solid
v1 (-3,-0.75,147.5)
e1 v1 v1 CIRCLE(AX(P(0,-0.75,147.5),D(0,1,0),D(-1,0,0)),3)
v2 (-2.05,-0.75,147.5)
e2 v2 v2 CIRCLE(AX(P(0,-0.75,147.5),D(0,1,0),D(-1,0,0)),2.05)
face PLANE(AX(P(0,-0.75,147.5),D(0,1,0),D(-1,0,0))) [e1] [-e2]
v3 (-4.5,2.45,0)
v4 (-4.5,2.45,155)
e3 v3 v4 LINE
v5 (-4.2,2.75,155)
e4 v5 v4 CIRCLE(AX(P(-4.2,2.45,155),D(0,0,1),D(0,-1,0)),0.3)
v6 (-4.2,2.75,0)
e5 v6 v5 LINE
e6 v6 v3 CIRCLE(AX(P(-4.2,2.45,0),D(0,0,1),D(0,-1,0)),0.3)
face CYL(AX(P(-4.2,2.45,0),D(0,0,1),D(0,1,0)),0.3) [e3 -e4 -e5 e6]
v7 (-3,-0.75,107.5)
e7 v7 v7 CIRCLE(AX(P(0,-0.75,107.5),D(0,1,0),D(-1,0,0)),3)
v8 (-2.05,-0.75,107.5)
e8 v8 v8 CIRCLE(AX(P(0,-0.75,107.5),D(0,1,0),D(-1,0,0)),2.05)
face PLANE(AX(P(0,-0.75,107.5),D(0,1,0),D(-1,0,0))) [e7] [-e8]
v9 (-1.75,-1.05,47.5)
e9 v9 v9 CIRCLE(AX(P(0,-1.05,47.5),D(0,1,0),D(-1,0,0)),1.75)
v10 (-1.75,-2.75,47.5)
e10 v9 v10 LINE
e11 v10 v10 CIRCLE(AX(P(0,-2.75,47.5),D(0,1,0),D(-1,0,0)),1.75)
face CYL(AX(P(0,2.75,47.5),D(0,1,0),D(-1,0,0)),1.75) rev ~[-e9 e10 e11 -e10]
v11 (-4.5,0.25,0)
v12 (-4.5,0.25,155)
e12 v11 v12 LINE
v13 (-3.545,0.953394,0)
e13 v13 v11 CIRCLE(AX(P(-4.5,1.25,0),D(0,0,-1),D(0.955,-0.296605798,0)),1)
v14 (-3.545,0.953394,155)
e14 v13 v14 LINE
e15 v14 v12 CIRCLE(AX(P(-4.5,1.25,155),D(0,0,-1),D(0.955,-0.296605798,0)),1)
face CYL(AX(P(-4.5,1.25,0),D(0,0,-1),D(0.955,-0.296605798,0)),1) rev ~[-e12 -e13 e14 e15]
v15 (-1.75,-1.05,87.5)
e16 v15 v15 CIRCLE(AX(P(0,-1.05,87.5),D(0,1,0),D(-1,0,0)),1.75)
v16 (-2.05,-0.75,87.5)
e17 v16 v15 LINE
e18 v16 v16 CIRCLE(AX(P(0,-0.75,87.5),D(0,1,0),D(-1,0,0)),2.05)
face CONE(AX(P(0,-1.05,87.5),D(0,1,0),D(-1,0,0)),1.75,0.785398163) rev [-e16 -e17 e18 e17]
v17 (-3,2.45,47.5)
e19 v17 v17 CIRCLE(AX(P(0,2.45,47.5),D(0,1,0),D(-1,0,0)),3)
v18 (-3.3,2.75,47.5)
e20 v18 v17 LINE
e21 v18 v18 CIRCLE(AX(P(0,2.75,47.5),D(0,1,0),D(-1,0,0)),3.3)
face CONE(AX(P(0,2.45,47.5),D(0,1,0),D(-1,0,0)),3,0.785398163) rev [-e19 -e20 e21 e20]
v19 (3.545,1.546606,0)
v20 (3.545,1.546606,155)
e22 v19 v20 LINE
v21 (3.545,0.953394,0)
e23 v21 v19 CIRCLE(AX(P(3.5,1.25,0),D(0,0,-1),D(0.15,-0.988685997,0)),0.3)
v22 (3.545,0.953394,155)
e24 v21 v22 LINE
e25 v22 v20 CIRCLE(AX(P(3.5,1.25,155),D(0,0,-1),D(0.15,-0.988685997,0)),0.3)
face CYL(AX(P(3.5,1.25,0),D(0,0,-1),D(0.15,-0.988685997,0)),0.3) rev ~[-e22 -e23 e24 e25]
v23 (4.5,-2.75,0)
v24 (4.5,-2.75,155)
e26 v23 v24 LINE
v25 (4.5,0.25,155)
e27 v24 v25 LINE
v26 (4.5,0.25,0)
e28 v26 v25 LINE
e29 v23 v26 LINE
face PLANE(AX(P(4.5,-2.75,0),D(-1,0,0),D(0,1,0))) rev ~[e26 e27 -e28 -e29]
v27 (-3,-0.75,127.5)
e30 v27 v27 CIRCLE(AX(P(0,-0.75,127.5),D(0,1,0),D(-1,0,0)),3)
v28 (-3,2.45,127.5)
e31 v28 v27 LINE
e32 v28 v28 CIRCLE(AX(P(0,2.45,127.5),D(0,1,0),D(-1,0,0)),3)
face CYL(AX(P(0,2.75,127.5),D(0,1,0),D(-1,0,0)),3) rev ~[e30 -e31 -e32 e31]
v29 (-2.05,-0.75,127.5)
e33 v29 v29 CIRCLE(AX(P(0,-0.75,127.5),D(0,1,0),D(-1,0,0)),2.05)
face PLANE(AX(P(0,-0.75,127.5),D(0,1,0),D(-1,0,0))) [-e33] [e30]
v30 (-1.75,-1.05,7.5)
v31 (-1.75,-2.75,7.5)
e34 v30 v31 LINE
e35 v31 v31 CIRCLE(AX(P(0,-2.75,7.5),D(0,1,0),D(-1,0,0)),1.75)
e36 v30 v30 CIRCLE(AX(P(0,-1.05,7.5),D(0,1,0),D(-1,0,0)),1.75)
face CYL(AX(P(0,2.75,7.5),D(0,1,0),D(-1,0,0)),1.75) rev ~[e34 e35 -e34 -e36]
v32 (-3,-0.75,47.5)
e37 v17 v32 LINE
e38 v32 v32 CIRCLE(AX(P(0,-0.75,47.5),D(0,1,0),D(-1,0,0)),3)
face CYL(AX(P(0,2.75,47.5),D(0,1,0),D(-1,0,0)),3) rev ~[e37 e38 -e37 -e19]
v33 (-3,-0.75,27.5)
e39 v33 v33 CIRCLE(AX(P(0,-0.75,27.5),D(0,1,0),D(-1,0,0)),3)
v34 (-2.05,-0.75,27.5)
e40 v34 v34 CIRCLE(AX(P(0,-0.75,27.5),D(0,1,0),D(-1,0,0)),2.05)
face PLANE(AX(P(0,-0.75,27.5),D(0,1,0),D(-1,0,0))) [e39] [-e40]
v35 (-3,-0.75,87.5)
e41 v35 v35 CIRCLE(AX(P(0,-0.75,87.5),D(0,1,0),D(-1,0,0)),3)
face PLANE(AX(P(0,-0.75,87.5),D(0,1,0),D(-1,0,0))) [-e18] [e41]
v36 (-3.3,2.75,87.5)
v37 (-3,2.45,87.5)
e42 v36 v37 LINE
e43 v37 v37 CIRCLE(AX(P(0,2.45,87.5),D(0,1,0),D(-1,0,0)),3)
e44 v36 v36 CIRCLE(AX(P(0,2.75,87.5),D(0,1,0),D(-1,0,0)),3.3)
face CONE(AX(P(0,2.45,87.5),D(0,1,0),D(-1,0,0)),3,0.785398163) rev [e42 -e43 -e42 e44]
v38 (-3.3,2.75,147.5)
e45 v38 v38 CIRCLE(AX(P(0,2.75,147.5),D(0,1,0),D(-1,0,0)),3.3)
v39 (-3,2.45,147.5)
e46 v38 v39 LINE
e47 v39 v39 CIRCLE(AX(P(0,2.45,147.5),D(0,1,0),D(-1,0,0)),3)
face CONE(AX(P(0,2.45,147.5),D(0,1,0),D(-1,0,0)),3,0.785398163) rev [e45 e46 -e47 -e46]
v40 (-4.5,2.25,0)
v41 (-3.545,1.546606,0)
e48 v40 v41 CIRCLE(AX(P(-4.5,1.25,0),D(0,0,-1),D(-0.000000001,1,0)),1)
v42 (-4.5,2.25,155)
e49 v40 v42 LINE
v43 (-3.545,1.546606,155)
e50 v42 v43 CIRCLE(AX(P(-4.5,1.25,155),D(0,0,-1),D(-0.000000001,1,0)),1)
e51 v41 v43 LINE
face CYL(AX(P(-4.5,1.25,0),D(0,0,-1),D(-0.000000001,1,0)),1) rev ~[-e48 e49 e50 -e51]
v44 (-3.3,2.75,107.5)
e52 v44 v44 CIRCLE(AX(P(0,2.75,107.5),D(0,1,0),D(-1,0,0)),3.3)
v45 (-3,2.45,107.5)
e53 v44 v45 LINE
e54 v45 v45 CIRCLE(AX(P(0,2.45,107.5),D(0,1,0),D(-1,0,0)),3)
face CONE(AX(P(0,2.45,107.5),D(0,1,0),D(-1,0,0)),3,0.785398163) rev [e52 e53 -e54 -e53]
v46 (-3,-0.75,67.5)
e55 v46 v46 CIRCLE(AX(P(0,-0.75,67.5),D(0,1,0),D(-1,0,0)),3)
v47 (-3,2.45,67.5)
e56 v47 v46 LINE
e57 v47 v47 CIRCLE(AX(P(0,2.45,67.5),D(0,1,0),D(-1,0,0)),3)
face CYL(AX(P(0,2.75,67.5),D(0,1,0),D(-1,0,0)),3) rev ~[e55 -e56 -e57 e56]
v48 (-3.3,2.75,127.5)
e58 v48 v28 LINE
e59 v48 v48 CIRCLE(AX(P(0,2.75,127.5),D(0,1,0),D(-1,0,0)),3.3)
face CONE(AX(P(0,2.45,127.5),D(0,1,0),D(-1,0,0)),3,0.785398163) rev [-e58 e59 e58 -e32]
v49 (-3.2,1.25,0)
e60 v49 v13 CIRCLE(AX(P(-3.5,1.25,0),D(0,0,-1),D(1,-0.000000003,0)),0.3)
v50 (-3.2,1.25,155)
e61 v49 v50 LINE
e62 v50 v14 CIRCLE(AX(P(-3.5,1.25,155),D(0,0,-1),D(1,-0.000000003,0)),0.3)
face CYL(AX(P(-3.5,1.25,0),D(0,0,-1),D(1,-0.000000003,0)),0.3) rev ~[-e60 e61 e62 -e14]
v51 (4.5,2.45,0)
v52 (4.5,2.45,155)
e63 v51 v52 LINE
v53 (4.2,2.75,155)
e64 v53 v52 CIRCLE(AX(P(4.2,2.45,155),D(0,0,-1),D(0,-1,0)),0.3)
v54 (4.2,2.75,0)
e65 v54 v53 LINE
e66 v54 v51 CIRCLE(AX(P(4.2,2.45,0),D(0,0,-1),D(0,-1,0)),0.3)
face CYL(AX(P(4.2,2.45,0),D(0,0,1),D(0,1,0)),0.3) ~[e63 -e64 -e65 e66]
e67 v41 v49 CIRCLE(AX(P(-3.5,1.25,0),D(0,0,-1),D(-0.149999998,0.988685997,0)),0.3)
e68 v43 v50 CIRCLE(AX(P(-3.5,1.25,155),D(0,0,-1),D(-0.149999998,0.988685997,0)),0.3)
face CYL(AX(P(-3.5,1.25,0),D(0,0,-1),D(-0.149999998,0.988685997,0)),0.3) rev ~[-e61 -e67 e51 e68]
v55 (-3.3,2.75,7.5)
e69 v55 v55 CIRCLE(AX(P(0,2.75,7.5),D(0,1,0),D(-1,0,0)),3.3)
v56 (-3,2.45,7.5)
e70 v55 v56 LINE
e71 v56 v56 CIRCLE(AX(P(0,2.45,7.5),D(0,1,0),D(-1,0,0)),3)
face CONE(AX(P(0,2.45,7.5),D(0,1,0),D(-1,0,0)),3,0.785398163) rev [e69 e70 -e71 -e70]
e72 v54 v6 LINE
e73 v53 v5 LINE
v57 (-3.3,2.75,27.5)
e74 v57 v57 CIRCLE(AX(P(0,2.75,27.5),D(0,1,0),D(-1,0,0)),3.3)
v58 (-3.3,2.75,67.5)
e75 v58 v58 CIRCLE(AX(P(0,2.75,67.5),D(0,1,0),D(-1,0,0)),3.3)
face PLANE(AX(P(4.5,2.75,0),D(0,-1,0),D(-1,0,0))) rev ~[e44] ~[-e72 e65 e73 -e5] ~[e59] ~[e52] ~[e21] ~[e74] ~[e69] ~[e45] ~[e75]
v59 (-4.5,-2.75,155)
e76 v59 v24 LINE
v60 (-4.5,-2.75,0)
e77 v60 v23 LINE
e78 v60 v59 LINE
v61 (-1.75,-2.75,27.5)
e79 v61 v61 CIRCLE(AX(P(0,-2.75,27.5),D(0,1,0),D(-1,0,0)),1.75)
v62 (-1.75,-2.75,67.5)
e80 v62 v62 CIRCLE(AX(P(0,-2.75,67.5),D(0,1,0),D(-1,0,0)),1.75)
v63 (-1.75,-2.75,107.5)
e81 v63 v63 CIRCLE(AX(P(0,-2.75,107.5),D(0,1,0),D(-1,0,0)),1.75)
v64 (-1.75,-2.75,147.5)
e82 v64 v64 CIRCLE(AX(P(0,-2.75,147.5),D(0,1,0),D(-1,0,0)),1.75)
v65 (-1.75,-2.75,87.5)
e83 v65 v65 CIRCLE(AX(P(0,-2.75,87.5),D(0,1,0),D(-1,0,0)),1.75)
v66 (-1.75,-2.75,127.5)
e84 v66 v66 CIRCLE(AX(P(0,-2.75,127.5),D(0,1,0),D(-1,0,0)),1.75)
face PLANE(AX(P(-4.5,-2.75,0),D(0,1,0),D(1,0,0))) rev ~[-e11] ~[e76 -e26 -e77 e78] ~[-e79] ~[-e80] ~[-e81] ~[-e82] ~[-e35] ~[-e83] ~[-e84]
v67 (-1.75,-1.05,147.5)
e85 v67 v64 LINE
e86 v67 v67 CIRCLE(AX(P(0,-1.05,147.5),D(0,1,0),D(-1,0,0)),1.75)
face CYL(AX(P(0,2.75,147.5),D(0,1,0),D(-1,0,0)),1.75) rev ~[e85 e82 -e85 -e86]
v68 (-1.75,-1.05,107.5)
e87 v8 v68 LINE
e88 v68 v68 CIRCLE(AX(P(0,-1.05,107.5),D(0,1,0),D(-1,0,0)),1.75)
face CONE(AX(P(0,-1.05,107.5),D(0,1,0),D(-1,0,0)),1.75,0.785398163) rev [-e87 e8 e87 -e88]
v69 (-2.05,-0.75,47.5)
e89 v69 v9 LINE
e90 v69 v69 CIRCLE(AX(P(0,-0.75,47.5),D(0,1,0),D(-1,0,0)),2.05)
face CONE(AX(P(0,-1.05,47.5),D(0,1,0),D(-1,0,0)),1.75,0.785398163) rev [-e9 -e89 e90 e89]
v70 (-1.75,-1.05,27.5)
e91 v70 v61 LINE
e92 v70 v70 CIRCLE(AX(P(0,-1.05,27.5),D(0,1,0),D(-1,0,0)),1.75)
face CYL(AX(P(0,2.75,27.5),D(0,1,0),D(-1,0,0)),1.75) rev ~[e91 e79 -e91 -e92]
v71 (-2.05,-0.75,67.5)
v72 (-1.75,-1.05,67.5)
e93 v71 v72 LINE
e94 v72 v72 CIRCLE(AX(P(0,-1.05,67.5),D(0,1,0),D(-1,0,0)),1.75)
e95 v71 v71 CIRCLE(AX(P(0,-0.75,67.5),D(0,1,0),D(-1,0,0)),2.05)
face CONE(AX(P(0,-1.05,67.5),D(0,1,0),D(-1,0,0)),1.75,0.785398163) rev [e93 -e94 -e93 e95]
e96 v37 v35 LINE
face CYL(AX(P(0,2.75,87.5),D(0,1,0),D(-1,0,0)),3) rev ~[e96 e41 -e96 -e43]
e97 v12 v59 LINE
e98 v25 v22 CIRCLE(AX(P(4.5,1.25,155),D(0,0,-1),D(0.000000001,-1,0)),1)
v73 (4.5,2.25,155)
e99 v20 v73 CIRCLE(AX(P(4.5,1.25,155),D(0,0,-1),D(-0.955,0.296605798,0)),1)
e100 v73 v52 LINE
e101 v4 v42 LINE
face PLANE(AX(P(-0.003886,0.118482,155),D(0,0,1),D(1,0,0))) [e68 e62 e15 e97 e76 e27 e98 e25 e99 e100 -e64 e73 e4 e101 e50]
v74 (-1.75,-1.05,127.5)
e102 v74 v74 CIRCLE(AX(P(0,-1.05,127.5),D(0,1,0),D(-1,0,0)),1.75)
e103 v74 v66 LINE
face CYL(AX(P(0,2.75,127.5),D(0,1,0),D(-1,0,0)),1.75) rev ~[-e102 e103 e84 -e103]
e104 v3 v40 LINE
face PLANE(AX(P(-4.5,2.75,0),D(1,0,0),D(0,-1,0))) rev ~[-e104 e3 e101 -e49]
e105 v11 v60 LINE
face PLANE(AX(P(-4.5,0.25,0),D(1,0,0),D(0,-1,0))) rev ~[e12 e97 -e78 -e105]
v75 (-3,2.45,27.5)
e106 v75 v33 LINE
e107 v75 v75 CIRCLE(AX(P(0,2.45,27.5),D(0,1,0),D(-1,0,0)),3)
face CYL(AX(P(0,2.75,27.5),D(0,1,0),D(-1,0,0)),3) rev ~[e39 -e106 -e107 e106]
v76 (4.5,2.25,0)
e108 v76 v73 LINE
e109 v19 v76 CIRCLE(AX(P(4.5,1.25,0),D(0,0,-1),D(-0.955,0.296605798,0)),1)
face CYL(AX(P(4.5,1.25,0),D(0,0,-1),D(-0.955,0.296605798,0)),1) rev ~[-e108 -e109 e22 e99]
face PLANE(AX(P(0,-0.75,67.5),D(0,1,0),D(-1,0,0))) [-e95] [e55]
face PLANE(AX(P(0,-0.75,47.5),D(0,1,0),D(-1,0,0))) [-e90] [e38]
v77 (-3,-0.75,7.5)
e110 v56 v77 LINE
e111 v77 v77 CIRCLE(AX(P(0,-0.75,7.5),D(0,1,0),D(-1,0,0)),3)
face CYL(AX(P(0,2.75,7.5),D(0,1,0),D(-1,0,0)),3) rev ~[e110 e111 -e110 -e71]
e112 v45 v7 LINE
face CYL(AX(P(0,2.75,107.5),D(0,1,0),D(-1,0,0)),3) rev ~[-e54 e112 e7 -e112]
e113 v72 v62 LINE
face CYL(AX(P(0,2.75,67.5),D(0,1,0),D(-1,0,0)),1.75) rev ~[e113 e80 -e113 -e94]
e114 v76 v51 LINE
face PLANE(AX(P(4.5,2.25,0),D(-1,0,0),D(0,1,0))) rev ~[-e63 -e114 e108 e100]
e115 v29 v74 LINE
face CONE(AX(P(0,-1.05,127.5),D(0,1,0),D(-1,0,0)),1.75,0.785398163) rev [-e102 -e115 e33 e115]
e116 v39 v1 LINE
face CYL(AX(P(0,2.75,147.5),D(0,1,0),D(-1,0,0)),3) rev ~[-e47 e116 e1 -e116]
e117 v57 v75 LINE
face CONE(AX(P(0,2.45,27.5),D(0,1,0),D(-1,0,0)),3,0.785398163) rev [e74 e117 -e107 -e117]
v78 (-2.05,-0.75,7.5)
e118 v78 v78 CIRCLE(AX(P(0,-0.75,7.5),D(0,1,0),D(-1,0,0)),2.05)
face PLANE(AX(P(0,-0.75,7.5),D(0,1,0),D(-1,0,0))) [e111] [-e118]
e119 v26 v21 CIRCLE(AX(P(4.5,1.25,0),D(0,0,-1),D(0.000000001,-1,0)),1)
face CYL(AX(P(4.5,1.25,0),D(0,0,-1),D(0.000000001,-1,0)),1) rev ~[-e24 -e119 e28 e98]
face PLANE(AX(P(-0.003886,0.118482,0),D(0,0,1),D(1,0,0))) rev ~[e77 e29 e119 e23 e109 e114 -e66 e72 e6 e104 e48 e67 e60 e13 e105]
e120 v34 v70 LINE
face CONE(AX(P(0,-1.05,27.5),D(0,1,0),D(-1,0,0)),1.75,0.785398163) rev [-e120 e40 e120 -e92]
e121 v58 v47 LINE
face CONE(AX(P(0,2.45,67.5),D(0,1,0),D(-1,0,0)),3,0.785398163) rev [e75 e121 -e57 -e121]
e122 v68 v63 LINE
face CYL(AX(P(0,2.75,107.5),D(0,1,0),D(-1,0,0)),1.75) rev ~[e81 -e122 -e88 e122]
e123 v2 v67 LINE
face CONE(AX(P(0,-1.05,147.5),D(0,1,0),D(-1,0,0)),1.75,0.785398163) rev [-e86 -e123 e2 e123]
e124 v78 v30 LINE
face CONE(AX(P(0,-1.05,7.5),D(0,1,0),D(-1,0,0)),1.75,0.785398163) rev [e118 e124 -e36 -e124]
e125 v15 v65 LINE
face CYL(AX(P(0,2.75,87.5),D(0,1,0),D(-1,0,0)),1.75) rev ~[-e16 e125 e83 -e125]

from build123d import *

# Parameters (mm, degrees)
BOSS_EXTRUDE1_DEPTH        = 155
FILLET1_R                  = 0.3
SKETCH2_R                  = 1.75
CUT_EXTRUDE1_DEPTH         = 155
SKETCH2_3_R                = 3
CUT_EXTRUDE2_DEPTH         = 3.5
CHAMFER1_SIZE              = 0.3
LPATTERN1_COUNT            = 8
LPATTERN1_PITCH            = 20
CHAMFER1_OF_LPATTERN1_SIZE = 0.3


with BuildPart() as part:
    # Sketch1 → Boss-Extrude1 (new body)
    with BuildSketch(Plane.XY):
        with BuildLine():
            Line((4.5, 2.75), (-4.5, 2.75))
            Line((-4.5, 2.75), (-4.5, 2.25))
            ThreePointArc((-4.5, 2.25), (-3.906959444, 2.05517259), (-3.545, 1.546605799))
            ThreePointArc((-3.545, 1.546605799), (-3.304423928, 1.477486263), (-3.2, 1.25))
            ThreePointArc((-3.2, 1.25), (-3.304423928, 1.022513737), (-3.545, 0.953394201))
            ThreePointArc((-3.545, 0.953394201), (-3.906959444, 0.44482741), (-4.5, 0.25))
            Line((-4.5, 0.25), (-4.5, -2.75))
            Line((-4.5, -2.75), (4.5, -2.75))
            Line((4.5, -2.75), (4.5, 0.25))
            ThreePointArc((4.5, 0.25), (3.906959444, 0.44482741), (3.545, 0.953394201))
            ThreePointArc((3.545, 0.953394201), (3.2, 1.25), (3.545, 1.546605799))
            ThreePointArc((3.545, 1.546605799), (3.906959444, 2.05517259), (4.5, 2.25))
            Line((4.5, 2.25), (4.5, 2.75))
        make_face()
    extrude(amount=BOSS_EXTRUDE1_DEPTH)

    # Fillet1
    fillet1_edges = [part.edges().sort_by_distance(p)[0] for p in [
        (-4.5, 2.75, 77.5),
        (4.5, 2.75, 77.5),
    ]]
    fillet(fillet1_edges, radius=FILLET1_R)

    # Sketch2 → Cut-Extrude1 (cut)
    with BuildSketch(Plane(origin=(0, 2.75, 0), x_dir=(1, 0, 0), z_dir=(0, 1, 0))):
        with Locations(Location((0, -7.5, 0), (0, 0, 180))):
            Circle(SKETCH2_R)
    cut_extrude1 = extrude(amount=-CUT_EXTRUDE1_DEPTH, mode=Mode.SUBTRACT)

    # Sketch2_3 → Cut-Extrude2 (cut)
    with BuildSketch(Plane(origin=(0, 2.75, 0), x_dir=(1, 0, 0), z_dir=(0, 1, 0))):
        with Locations(Location((0, -7.5, 0), (0, 0, 180))):
            Circle(SKETCH2_3_R)
    cut_extrude2 = extrude(amount=-CUT_EXTRUDE2_DEPTH, mode=Mode.SUBTRACT)

    # Chamfer1
    chamfer1_edges = [part.edges().sort_by_distance(p)[0] for p in [
        (1.75, -0.75, 7.5),
        (3, 2.75, 7.5),
    ]]
    chamfer(chamfer1_edges, length=CHAMFER1_SIZE)

    # LPattern1: Cut-Extrude1, Cut-Extrude2 ×8
    with Locations(*[(0, 0, i * LPATTERN1_PITCH) for i in range(1, LPATTERN1_COUNT)]):
        add(cut_extrude1, mode=Mode.SUBTRACT)
        add(cut_extrude2, mode=Mode.SUBTRACT)

    # Chamfer1 of LPattern1
    chamfer1_of_lpattern1_edges = [part.edges().sort_by_distance(p)[0] for p in [
        (1.75, -0.75, 27.5),
        (3, 2.75, 27.5),
        (1.75, -0.75, 47.5),
        (3, 2.75, 47.5),
        (1.75, -0.75, 67.5),
        (3, 2.75, 67.5),
        (1.75, -0.75, 87.5),
        (3, 2.75, 87.5),
        (1.75, -0.75, 107.5),
        (3, 2.75, 107.5),
        (1.75, -0.75, 127.5),
        (3, 2.75, 127.5),
        (1.75, -0.75, 147.5),
        (3, 2.75, 147.5),
    ]]
    chamfer(chamfer1_of_lpattern1_edges, length=CHAMFER1_OF_LPATTERN1_SIZE)


solid = part.part
